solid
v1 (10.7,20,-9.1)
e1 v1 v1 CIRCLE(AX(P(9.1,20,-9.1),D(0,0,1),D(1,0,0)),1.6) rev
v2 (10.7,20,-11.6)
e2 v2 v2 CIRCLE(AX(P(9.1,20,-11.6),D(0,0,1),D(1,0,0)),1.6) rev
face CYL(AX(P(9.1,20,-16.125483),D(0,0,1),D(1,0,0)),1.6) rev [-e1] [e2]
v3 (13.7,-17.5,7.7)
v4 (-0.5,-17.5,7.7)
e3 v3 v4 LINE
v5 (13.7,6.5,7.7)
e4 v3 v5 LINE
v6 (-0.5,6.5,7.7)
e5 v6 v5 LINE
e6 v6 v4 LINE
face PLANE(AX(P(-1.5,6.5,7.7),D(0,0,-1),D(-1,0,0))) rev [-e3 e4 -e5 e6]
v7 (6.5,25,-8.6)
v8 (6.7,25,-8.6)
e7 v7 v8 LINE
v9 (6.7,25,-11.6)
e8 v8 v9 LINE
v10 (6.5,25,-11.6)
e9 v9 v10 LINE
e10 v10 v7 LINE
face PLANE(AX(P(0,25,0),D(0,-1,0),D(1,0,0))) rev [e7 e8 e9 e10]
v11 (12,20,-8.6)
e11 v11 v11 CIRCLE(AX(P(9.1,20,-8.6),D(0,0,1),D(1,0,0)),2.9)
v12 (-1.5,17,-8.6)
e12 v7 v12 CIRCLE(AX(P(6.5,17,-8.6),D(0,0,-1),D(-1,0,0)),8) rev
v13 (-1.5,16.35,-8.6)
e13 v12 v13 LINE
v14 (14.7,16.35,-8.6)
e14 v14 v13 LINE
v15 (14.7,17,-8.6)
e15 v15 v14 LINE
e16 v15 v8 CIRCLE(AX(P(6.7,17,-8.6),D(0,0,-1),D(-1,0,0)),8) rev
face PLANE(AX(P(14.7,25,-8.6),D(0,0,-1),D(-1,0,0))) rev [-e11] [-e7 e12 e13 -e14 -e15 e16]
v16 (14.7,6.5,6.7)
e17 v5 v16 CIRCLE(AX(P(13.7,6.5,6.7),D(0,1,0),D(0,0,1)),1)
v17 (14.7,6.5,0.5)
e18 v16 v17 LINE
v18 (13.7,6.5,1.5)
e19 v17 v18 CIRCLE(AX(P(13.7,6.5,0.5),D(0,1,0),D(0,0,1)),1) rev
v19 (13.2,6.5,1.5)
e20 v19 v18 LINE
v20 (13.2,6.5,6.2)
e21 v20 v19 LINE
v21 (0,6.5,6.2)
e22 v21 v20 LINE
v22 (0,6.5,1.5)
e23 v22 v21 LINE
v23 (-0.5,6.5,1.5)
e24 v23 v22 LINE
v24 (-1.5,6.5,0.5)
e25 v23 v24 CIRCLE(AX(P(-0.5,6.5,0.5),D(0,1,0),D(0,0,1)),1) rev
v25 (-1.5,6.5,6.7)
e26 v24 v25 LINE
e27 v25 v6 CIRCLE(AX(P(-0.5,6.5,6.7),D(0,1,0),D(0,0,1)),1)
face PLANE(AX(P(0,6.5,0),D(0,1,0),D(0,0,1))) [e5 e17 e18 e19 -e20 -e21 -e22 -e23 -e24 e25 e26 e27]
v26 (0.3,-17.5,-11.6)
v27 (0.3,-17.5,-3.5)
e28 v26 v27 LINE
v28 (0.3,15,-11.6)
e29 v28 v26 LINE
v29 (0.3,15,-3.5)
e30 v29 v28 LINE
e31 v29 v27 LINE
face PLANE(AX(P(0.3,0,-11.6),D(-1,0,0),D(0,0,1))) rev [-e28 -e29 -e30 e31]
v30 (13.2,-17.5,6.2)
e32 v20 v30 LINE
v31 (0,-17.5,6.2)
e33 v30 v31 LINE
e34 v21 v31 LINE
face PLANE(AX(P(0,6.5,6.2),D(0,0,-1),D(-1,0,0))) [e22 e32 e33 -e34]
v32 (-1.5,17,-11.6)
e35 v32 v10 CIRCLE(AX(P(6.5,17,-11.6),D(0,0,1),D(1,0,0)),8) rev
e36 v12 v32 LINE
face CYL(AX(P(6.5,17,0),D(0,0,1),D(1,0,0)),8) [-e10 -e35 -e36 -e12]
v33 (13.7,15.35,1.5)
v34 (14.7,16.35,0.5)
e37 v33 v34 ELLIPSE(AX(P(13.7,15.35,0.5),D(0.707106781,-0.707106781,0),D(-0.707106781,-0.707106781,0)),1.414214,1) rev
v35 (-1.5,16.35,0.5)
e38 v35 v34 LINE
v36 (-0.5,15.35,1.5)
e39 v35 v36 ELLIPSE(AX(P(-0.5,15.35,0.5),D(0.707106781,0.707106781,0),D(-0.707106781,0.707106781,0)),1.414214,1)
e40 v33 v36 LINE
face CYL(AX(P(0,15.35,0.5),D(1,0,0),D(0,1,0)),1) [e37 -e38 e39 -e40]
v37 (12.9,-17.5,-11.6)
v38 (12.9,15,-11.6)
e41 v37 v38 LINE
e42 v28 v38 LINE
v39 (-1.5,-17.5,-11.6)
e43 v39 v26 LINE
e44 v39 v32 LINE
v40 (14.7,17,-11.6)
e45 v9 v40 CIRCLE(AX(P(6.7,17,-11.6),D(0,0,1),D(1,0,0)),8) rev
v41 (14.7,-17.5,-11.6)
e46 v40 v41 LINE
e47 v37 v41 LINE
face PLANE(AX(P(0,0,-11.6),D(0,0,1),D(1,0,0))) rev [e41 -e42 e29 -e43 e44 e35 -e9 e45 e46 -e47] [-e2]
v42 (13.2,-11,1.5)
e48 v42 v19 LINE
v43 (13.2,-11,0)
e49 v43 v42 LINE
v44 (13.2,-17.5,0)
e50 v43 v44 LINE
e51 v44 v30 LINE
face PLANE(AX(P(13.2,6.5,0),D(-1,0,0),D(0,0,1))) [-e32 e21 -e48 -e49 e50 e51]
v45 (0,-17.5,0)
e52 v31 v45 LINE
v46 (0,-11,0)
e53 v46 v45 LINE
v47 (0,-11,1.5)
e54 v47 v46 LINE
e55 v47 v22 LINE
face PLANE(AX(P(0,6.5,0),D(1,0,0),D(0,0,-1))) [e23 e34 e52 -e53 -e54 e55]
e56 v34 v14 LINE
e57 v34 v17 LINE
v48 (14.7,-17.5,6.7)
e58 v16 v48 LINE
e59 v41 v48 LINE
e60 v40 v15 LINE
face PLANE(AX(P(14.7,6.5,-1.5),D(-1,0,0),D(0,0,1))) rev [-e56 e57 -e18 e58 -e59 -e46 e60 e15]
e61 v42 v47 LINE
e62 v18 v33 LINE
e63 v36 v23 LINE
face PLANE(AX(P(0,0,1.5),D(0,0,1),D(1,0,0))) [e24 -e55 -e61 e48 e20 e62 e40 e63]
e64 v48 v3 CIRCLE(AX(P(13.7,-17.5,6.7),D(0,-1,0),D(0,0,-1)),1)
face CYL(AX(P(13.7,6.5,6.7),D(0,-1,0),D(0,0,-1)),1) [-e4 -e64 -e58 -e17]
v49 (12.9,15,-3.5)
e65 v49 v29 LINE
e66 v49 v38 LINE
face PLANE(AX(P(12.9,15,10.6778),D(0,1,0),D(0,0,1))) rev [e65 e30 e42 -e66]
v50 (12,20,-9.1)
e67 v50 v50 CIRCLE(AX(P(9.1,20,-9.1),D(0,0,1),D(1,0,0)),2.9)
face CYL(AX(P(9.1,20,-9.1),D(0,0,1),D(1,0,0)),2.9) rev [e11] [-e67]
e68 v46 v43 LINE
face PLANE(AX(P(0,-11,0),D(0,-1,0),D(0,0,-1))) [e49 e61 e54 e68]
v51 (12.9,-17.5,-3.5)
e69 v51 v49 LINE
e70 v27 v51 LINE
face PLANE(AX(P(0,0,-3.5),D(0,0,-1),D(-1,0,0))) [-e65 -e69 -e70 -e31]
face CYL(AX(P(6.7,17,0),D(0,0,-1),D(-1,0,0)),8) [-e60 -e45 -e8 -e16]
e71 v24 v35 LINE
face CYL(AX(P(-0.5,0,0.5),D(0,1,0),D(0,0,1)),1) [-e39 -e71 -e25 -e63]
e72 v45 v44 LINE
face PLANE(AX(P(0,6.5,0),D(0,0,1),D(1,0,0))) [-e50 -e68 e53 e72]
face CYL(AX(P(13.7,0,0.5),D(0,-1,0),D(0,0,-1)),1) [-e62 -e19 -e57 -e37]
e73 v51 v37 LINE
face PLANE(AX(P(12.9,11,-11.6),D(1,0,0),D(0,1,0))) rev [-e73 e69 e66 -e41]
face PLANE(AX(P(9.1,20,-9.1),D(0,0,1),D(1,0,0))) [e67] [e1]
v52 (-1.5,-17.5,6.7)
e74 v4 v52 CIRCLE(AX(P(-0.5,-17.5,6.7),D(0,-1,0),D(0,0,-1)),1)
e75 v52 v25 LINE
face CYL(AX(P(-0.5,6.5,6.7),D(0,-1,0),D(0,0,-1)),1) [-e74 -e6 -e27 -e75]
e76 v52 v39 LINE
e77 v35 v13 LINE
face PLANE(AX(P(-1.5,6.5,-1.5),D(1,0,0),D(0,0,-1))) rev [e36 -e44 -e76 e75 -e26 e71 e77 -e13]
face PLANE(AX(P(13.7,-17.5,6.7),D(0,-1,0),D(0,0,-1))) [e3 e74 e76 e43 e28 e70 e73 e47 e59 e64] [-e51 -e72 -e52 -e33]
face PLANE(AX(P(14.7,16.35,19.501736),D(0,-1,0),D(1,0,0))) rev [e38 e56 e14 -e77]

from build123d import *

# Parameters (mm, degrees)
CROQUIS2_W               = 16.2
CROQUIS2_H               = 9.2
CROQUIS2_W_2             = 13.2
CROQUIS2_H_2             = 6.2
SALIENTE_EXTRUIR1_DEPTH  = 6.5
CROQUIS3_W               = 16.2
CROQUIS3_H               = 12
SALIENTE_EXTRUIR2_DEPTH  = 2
SALIENTE_EXTRUIR3_DEPTH  = 8.1
CROQUIS5_W               = 16.2
CROQUIS5_H               = 3
SALIENTE_EXTRUIR4_DEPTH  = 13
CROQUIS6_R               = 1.6
CORTAR_EXTRUIR1_DEPTH    = 3
CROQUIS7_W               = 16.2
CROQUIS7_H               = 2
SALIENTE_EXTRUIR5_DEPTH  = 3
CROQUIS8_R               = 2.9
CORTAR_EXTRUIR2_DEPTH    = 0.5
REDONDEO1_R              = 1
REDONDEO6_R              = 8
CROQUIS9_W               = 13.2
CROQUIS9_H               = 6.2
SALIENTE_EXTRUIR6_DEPTH  = 3.5
CROQUIS10_W              = 13.2
CROQUIS10_H              = 1.5
SALIENTE_EXTRUIR7_DEPTH  = 3.5
CROQUIS11_W              = 13.2
CROQUIS11_H              = 6.2
SALIENTE_EXTRUIR8_DEPTH  = 14
CROQUIS12_W              = 13.2
CROQUIS12_H              = 1.5
SALIENTE_EXTRUIR9_DEPTH  = 14
CROQUIS13_W              = 16.2
CROQUIS13_H              = 7.85
SALIENTE_EXTRUIR10_DEPTH = 10.1
CROQUIS14_W              = 12.6
CROQUIS14_H              = 6.5
CORTAR_EXTRUIR3_DEPTH    = 8.1
REDONDEO7_R              = 1


with BuildPart() as part:
    # Croquis2 → Saliente-Extruir1 (new body)
    with BuildSketch(Plane(origin=(0, 0, 0), x_dir=(1, 0, 0), z_dir=(0, 1, 0))):
        with Locations((6.6, -3.1)):
            Rectangle(CROQUIS2_W, CROQUIS2_H)
        with Locations((6.6, -3.1)):
            Rectangle(CROQUIS2_W_2, CROQUIS2_H_2, mode=Mode.SUBTRACT)
    extrude(amount=SALIENTE_EXTRUIR1_DEPTH)

    # Croquis3 → Saliente-Extruir2 (add)
    with BuildSketch(Plane(origin=(0, 0, -1.5), x_dir=(-1, 0, 0), z_dir=(0, 0, -1))):
        with Locations((-6.6, 6)):
            Rectangle(CROQUIS3_W, CROQUIS3_H)
    extrude(amount=SALIENTE_EXTRUIR2_DEPTH)

    # Croquis4 → Saliente-Extruir3 (add)
    with BuildSketch(Plane(origin=(0, 0, -3.5), x_dir=(-1, 0, 0), z_dir=(0, 0, -1))):
        Polygon((1.5, 0), (1.5, 12), (-14.7, 12), (-14.7, 0), (-12.9, 0), (-12.9, 11), (-0.3, 11), (-0.3, 0), align=None)
    extrude(amount=SALIENTE_EXTRUIR3_DEPTH)

    # Croquis5 → Saliente-Extruir4 (add)
    with BuildSketch(Plane(origin=(0, 12, 0), x_dir=(1, 0, 0), z_dir=(0, 1, 0))):
        with Locations((6.6, 10.1)):
            Rectangle(CROQUIS5_W, CROQUIS5_H)
    extrude(amount=SALIENTE_EXTRUIR4_DEPTH)

    # Croquis6 → Cortar-Extruir1 (cut)
    with BuildSketch(Plane.XY.offset(-8.6)):
        with Locations((9.1, 20)):
            Circle(CROQUIS6_R)
    extrude(amount=-CORTAR_EXTRUIR1_DEPTH, mode=Mode.SUBTRACT)

    # Croquis7 → Saliente-Extruir5 (add)
    with BuildSketch(Plane.XY.offset(-1.5)):
        with Locations((6.6, 7.5)):
            Rectangle(CROQUIS7_W, CROQUIS7_H)
    extrude(amount=SALIENTE_EXTRUIR5_DEPTH)

    # Croquis8 → Cortar-Extruir2 (cut)
    with BuildSketch(Plane.XY.offset(-8.6)):
        with Locations((9.1, 20)):
            Circle(CROQUIS8_R)
    extrude(amount=-CORTAR_EXTRUIR2_DEPTH, mode=Mode.SUBTRACT)

    # Redondeo1
    redondeo1_edges = [part.edges().sort_by_distance(p)[0] for p in [
        (14.7, 3.25, 7.7),
        (-1.5, 3.25, 7.7),
    ]]
    fillet(redondeo1_edges, radius=REDONDEO1_R)

    # Redondeo6
    redondeo6_edges = [part.edges().sort_by_distance(p)[0] for p in [
        (14.7, 25, -10.1),
        (-1.5, 25, -10.1),
    ]]
    fillet(redondeo6_edges, radius=REDONDEO6_R)

    # Croquis9 → Saliente-Extruir6 (add)
    with BuildSketch(Plane.XZ):
        with BuildLine():
            Line((13.7, 7.7), (-0.5, 7.7))
            ThreePointArc((-0.5, 7.7), (-1.207106781, 7.407106781), (-1.5, 6.7))
            Line((-1.5, 6.7), (-1.5, -11.6))
            Line((-1.5, -11.6), (0.3, -11.6))
            Line((0.3, -11.6), (0.3, -3.5))
            Line((0.3, -3.5), (12.9, -3.5))
            Line((12.9, -3.5), (12.9, -11.6))
            Line((12.9, -11.6), (14.7, -11.6))
            Line((14.7, -11.6), (14.7, 6.7))
            ThreePointArc((14.7, 6.7), (14.407106781, 7.407106781), (13.7, 7.7))
        make_face()
        with Locations((6.6, 3.1)):
            Rectangle(CROQUIS9_W, CROQUIS9_H, mode=Mode.SUBTRACT)
    extrude(amount=SALIENTE_EXTRUIR6_DEPTH)

    # Croquis10 → Saliente-Extruir7 (add)
    with BuildSketch(Plane.XZ.offset(-6.5)):
        with Locations((6.6, 0.75)):
            Rectangle(CROQUIS10_W, CROQUIS10_H)
    extrude(amount=SALIENTE_EXTRUIR7_DEPTH)

    # Croquis11 → Saliente-Extruir8 (add)
    with BuildSketch(Plane.XZ.offset(3.5)):
        with BuildLine():
            Line((13.7, 7.7), (-0.5, 7.7))
            ThreePointArc((-0.5, 7.7), (-1.207106781, 7.407106781), (-1.5, 6.7))
            Line((-1.5, 6.7), (-1.5, -11.6))
            Line((-1.5, -11.6), (0.3, -11.6))
            Line((0.3, -11.6), (0.3, -3.5))
            Line((0.3, -3.5), (12.9, -3.5))
            Line((12.9, -3.5), (12.9, -11.6))
            Line((12.9, -11.6), (14.7, -11.6))
            Line((14.7, -11.6), (14.7, 6.7))
            ThreePointArc((14.7, 6.7), (14.407106781, 7.407106781), (13.7, 7.7))
        make_face()
        with Locations((6.6, 3.1)):
            Rectangle(CROQUIS11_W, CROQUIS11_H, mode=Mode.SUBTRACT)
    extrude(amount=SALIENTE_EXTRUIR8_DEPTH)

    # Croquis12 → Saliente-Extruir9 (add)
    with BuildSketch(Plane.XZ.offset(-3)):
        with Locations((6.6, 0.75)):
            Rectangle(CROQUIS12_W, CROQUIS12_H)
    extrude(amount=SALIENTE_EXTRUIR9_DEPTH)

    # Croquis13 → Saliente-Extruir10 (add)
    with BuildSketch(Plane.XY.offset(-8.6)):
        with Locations((6.6, 12.425)):
            Rectangle(CROQUIS13_W, CROQUIS13_H)
    extrude(amount=SALIENTE_EXTRUIR10_DEPTH)

    # Croquis14 → Cortar-Extruir3 (cut)
    with BuildSketch(Plane(origin=(0, 0, -11.6), x_dir=(-1, 0, 0), z_dir=(0, 0, -1))):
        with Locations((-6.6, 11.75)):
            Rectangle(CROQUIS14_W, CROQUIS14_H)
    extrude(amount=-CORTAR_EXTRUIR3_DEPTH, mode=Mode.SUBTRACT)

    # Redondeo7
    redondeo7_edges = [part.edges().sort_by_distance(p)[0] for p in [
        (6.6, 16.35, 1.5),
        (14.7, 11.425, 1.5),
        (-1.5, 11.425, 1.5),
    ]]
    fillet(redondeo7_edges, radius=REDONDEO7_R)


solid = part.part
